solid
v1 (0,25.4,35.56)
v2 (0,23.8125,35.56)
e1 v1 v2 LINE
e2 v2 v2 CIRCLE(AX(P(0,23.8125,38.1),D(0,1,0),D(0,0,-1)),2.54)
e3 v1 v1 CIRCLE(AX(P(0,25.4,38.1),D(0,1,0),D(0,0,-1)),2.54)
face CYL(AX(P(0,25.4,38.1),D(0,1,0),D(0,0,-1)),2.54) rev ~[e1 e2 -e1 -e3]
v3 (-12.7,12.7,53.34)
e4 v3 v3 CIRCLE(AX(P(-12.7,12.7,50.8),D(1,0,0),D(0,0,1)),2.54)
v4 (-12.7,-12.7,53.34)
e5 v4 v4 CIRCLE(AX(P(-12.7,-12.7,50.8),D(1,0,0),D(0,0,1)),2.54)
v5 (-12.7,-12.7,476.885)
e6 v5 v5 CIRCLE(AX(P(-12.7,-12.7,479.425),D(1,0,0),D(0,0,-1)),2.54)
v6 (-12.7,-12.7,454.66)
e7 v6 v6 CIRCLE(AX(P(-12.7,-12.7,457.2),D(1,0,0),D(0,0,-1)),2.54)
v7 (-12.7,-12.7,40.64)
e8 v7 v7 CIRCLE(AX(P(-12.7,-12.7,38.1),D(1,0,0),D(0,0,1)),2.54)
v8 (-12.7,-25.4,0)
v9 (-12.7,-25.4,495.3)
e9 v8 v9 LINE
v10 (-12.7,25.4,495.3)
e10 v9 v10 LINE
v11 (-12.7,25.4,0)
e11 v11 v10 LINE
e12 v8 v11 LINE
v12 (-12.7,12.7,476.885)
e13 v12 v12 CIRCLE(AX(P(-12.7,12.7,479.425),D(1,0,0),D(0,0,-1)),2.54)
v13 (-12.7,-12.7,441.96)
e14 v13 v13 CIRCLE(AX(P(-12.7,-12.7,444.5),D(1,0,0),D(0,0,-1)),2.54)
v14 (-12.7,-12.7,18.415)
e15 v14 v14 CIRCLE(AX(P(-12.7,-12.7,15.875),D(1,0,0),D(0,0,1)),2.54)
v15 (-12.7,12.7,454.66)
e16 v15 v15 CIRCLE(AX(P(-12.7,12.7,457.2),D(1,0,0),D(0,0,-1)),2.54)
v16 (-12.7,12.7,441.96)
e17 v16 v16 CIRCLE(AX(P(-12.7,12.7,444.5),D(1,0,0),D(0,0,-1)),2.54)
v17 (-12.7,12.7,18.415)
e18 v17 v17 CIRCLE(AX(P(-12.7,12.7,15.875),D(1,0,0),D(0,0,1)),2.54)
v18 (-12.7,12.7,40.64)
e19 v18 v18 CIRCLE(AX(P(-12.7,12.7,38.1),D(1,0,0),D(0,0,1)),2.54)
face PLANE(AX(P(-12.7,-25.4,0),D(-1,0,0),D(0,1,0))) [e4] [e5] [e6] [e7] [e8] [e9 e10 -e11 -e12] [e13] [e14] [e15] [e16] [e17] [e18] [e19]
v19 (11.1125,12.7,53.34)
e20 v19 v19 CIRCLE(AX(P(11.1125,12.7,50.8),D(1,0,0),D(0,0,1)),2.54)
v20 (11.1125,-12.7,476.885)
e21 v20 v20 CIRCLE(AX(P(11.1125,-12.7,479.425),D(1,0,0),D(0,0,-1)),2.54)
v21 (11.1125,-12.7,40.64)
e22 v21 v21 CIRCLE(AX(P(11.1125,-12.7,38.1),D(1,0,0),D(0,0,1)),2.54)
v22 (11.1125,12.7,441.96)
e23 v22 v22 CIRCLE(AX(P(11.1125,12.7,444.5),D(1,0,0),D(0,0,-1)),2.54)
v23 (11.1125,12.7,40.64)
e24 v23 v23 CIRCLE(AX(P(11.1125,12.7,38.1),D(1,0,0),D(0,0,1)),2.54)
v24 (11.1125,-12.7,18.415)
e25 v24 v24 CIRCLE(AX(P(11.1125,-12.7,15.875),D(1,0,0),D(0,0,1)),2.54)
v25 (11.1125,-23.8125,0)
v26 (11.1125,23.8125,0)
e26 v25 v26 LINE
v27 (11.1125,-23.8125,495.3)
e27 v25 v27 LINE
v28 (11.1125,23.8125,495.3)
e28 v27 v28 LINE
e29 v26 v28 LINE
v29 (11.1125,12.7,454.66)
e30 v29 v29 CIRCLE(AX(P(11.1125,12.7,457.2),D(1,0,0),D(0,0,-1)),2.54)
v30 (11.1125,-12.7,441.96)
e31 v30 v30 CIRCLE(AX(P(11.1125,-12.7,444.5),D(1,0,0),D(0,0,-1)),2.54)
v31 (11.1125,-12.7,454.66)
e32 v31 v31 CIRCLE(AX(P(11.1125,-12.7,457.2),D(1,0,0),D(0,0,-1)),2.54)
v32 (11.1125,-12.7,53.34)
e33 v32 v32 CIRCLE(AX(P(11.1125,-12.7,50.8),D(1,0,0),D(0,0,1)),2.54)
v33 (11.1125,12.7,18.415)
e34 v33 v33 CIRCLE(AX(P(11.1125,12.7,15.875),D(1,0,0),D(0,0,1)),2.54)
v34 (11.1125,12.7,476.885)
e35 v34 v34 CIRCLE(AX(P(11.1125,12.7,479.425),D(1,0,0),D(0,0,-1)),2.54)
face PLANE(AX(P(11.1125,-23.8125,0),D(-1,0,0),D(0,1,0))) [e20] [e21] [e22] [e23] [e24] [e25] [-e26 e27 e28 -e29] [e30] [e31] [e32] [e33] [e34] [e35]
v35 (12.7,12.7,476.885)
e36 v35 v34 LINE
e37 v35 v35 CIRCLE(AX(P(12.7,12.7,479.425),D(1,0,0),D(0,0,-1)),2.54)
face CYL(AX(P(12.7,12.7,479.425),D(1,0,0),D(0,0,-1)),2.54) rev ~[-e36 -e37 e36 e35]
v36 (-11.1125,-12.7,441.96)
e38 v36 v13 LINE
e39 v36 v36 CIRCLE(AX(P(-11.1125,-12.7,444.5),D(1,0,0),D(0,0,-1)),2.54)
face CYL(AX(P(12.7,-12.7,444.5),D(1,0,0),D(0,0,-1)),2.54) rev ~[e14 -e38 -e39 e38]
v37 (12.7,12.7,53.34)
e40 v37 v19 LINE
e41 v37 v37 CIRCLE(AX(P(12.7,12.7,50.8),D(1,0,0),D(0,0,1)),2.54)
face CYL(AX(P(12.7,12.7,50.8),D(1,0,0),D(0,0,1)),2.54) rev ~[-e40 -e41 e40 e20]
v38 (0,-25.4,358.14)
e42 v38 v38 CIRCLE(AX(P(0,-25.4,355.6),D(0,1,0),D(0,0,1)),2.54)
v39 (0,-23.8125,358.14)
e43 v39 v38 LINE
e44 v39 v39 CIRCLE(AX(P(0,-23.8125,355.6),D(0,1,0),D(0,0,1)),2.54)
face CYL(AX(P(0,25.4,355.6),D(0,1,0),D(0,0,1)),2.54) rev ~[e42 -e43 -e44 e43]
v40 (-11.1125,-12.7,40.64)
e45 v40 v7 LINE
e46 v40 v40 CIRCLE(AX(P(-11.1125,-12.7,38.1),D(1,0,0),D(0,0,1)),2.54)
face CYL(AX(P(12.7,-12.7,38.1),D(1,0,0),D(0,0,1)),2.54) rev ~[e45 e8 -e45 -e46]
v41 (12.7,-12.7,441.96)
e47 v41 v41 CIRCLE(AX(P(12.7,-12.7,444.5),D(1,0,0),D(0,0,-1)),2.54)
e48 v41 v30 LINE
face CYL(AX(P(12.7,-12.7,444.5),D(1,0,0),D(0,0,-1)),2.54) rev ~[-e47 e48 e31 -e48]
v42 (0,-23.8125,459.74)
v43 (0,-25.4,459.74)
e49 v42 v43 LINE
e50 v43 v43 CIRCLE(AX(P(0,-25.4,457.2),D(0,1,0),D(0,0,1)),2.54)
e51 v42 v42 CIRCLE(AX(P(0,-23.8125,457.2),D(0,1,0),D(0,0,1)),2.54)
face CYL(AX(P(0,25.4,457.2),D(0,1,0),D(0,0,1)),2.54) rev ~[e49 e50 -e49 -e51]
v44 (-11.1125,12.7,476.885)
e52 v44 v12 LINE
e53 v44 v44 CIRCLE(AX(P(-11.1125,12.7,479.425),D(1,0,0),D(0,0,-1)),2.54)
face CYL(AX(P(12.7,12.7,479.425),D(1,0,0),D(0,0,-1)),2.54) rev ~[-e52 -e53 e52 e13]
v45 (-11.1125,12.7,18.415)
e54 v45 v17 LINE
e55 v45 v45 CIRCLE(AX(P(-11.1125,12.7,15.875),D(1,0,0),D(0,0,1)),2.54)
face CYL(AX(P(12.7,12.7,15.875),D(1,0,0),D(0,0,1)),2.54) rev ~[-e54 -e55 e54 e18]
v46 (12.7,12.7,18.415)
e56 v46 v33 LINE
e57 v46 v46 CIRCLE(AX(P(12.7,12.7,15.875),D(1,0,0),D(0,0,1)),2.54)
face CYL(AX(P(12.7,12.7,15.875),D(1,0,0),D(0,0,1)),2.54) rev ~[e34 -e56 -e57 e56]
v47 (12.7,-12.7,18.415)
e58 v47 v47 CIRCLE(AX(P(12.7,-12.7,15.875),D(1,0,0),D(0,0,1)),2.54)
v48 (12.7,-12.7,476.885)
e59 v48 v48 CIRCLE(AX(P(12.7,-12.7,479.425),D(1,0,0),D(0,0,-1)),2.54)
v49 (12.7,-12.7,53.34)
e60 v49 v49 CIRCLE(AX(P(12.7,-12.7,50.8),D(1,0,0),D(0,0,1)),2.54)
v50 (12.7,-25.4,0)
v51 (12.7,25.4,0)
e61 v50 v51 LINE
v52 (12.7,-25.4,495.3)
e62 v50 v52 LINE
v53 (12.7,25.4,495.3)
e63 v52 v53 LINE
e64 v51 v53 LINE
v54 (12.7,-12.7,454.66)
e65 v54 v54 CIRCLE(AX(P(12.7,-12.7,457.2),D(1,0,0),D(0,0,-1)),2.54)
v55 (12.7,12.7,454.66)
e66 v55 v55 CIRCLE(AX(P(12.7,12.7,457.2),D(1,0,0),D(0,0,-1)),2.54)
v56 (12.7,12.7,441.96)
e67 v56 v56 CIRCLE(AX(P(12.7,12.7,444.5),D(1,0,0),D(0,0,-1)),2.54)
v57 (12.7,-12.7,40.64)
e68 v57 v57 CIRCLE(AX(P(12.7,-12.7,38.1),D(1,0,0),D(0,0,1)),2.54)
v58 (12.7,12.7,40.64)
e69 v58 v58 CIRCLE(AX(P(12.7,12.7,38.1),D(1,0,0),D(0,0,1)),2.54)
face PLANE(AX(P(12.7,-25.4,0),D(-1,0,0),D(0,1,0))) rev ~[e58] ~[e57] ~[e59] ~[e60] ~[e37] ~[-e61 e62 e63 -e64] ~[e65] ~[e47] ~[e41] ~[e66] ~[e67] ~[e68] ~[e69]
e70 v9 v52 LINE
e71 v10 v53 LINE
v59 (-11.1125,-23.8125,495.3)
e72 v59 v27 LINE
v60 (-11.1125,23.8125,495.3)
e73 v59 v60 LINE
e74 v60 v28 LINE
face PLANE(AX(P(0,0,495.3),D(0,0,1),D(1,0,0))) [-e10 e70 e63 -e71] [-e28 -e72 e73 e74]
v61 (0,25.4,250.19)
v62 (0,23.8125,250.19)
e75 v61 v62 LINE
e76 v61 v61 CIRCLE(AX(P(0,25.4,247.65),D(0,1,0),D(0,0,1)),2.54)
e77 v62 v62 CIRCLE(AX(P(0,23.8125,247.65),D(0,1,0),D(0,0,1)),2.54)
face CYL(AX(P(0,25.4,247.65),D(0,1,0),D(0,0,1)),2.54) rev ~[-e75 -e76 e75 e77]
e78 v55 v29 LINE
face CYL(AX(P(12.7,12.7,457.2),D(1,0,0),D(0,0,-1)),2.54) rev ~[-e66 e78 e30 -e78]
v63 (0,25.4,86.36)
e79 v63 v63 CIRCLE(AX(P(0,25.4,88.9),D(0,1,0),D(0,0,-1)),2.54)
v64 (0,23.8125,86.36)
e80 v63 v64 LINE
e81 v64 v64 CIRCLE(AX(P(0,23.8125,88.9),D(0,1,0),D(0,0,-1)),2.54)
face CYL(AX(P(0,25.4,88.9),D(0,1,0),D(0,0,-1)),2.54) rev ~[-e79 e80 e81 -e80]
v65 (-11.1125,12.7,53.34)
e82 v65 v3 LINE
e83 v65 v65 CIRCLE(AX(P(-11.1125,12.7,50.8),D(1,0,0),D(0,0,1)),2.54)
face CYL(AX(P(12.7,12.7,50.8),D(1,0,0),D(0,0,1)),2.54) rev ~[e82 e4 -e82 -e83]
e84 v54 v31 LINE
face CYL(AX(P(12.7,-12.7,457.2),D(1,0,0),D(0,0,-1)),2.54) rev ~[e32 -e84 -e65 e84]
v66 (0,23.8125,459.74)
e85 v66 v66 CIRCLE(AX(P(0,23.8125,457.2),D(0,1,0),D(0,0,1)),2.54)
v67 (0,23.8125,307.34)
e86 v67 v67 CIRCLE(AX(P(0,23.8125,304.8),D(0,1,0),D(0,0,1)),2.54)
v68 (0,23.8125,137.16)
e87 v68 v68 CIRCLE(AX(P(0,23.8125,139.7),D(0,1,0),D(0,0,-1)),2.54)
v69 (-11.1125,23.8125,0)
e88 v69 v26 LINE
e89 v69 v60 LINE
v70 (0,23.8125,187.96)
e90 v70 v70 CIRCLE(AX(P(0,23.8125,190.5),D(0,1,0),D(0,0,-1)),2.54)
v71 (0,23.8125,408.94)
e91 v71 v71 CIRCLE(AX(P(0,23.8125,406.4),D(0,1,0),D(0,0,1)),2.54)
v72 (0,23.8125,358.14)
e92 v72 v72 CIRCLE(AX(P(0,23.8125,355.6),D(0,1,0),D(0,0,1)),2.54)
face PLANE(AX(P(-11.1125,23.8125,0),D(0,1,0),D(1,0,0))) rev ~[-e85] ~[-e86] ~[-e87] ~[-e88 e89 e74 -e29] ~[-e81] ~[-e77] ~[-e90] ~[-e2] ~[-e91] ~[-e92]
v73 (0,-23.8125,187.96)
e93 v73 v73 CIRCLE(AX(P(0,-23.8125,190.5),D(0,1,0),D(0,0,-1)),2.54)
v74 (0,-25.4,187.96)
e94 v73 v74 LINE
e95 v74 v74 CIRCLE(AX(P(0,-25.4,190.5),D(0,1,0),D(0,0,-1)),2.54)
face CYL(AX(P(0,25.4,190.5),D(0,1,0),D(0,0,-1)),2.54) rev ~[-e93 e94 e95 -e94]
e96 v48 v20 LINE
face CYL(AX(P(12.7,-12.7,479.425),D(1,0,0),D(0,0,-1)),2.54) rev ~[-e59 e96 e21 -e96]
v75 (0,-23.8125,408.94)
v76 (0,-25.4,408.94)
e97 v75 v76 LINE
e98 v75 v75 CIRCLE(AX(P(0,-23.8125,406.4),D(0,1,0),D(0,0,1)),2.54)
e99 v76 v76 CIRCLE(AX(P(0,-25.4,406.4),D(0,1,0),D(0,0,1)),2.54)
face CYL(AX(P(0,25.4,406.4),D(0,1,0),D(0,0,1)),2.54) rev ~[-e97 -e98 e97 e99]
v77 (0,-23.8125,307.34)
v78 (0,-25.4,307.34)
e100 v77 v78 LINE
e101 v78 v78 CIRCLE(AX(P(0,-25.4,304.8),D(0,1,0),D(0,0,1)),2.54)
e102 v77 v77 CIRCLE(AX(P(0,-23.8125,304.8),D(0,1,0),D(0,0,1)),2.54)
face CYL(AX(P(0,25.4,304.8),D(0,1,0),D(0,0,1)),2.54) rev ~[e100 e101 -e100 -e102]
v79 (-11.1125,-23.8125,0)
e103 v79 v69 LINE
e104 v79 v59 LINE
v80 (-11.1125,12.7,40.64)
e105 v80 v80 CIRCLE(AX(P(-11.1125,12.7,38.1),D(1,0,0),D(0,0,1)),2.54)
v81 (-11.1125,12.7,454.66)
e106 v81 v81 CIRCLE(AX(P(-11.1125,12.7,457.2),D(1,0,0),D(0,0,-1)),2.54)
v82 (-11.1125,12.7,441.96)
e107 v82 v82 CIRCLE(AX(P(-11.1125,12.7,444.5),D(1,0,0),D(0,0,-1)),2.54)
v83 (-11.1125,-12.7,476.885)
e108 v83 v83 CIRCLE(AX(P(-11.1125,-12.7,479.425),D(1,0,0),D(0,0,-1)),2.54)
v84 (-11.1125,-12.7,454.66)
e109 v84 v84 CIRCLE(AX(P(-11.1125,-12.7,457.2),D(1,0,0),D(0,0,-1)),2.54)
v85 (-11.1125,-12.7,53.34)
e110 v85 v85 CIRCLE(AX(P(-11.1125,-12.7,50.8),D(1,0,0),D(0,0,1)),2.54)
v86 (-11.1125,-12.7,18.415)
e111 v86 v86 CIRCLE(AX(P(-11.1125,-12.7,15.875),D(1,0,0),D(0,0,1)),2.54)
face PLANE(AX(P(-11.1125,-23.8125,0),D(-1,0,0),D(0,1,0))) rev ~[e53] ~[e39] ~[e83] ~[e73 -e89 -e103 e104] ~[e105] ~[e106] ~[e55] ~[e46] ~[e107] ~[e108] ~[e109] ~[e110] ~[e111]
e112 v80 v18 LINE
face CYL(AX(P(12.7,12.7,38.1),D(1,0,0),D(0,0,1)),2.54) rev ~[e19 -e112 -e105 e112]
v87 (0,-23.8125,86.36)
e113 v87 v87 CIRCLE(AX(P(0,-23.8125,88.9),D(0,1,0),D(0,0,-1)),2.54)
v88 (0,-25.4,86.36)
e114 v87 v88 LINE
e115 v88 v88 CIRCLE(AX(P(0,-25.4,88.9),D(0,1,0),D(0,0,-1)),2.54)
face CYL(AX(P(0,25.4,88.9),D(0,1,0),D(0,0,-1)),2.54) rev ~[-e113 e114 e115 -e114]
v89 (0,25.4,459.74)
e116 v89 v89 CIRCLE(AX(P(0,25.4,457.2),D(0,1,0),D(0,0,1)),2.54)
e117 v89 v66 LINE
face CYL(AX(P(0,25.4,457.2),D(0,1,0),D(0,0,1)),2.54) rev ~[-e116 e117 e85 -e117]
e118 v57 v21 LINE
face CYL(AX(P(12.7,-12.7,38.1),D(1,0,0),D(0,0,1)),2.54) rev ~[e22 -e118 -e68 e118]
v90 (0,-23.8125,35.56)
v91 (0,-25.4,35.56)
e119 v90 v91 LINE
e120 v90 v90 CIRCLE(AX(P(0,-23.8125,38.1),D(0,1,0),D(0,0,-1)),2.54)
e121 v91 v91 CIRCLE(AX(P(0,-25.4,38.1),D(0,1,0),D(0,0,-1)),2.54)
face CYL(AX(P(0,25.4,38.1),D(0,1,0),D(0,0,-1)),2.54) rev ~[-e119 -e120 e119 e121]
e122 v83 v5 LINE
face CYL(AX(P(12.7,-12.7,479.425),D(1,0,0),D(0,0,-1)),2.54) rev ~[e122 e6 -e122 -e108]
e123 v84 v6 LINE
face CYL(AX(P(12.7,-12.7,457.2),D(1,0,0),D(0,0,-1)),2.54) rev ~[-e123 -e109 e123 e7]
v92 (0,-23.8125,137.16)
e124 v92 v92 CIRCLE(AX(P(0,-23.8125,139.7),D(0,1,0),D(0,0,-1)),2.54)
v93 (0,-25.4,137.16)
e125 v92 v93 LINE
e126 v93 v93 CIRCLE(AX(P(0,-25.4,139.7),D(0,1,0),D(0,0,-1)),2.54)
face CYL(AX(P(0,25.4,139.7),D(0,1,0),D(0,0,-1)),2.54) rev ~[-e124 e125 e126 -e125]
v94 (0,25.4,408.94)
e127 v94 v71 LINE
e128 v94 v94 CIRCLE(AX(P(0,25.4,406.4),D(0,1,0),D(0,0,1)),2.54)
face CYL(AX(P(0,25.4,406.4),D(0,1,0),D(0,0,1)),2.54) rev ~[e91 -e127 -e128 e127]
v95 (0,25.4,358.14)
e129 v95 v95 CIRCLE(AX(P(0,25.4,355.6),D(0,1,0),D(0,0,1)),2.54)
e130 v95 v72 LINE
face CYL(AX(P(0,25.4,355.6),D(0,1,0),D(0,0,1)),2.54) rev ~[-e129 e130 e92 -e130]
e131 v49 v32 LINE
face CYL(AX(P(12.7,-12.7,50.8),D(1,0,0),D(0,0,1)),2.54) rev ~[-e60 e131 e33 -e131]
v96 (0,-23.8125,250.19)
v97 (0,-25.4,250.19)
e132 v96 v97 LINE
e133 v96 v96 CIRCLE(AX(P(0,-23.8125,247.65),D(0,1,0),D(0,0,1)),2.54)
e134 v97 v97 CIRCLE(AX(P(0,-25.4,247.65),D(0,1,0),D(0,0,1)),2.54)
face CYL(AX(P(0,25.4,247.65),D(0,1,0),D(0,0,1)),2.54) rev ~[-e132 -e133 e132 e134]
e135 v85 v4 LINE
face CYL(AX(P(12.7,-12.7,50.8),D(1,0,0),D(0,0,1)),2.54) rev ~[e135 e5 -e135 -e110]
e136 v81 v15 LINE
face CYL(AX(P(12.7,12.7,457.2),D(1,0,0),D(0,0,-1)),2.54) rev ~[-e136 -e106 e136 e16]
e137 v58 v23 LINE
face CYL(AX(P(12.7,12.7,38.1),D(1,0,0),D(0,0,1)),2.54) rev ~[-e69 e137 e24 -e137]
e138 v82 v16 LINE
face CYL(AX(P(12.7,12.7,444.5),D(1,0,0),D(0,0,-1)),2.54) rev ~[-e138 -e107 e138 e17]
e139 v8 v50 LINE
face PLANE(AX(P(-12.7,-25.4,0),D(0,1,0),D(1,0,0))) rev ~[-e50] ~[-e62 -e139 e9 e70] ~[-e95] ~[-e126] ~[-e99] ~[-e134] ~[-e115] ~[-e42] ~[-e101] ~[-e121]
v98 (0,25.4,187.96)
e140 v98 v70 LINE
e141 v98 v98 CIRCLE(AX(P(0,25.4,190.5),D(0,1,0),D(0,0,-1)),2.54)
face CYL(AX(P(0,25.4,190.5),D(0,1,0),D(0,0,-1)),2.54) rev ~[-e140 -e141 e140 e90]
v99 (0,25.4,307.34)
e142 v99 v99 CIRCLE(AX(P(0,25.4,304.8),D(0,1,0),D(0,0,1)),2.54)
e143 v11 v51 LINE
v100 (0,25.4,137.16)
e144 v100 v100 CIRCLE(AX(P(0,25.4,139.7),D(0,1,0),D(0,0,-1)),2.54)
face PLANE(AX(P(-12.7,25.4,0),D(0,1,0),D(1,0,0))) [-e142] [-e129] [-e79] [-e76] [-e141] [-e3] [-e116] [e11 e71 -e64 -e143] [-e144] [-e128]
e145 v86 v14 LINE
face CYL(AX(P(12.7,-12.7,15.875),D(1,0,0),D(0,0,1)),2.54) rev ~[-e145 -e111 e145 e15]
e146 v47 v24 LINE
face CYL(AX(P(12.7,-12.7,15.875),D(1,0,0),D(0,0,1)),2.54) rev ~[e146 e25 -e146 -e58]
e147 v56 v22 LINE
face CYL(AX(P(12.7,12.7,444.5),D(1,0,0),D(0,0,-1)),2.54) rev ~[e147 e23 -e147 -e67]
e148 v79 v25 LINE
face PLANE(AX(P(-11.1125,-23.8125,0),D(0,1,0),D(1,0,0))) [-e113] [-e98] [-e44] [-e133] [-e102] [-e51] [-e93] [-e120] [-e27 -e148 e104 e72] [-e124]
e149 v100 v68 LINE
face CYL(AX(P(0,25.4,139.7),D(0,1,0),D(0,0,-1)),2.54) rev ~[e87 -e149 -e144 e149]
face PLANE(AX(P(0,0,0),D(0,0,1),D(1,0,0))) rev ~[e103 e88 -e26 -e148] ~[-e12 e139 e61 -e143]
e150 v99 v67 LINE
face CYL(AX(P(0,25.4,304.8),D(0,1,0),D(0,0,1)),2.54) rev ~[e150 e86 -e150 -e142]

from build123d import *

# Parameters (mm, degrees)
SKETCH1_W           = 25.4
SKETCH1_H           = 50.8
SKETCH1_W_2         = 22.225
SKETCH1_H_2         = 47.625
BOSS_EXTRUDE1_DEPTH = 495.3
SKETCH2_R           = 2.54
CUT_EXTRUDE1_DEPTH  = 497.600855819
SKETCH3_R           = 2.54
CUT_EXTRUDE2_DEPTH  = 499.060257399


with BuildPart() as part:
    # Sketch1 → Boss-Extrude1 (new body)
    with BuildSketch(Plane.XY):
        Rectangle(SKETCH1_W, SKETCH1_H)
        Rectangle(SKETCH1_W_2, SKETCH1_H_2, mode=Mode.SUBTRACT)
    extrude(amount=BOSS_EXTRUDE1_DEPTH)

    # Sketch2 → Cut-Extrude1 (cut, through all)
    with BuildSketch(Plane(origin=(12.7, 0, 0), x_dir=(0, 0, -1), z_dir=(1, 0, 0))):
        with Locations((-479.425, -12.7)):
            Circle(SKETCH2_R)
        with Locations((-457.2, -12.7)):
            Circle(SKETCH2_R)
        with Locations((-479.425, 12.7)):
            Circle(SKETCH2_R)
        with Locations((-457.2, 12.7)):
            Circle(SKETCH2_R)
        with Locations(Location((-38.1, 12.7, 0), (0, 0, 180))):
            Circle(SKETCH2_R)
        with Locations(Location((-15.875, 12.7, 0), (0, 0, 180))):
            Circle(SKETCH2_R)
        with Locations(Location((-38.1, -12.7, 0), (0, 0, 180))):
            Circle(SKETCH2_R)
        with Locations(Location((-15.875, -12.7, 0), (0, 0, 180))):
            Circle(SKETCH2_R)
        with Locations((-444.5, 12.7)):
            Circle(SKETCH2_R)
        with Locations((-444.5, -12.7)):
            Circle(SKETCH2_R)
        with Locations(Location((-50.8, -12.7, 0), (0, 0, 180))):
            Circle(SKETCH2_R)
        with Locations(Location((-50.8, 12.7, 0), (0, 0, 180))):
            Circle(SKETCH2_R)
    extrude(amount=-CUT_EXTRUDE1_DEPTH, mode=Mode.SUBTRACT)

    # Sketch3 → Cut-Extrude2 (cut, through all)
    with BuildSketch(Plane(origin=(0, 25.4, 0), x_dir=(1, 0, 0), z_dir=(0, 1, 0))):
        with Locations(Location((0, -457.2, 0), (0, 0, 270))):
            Circle(SKETCH3_R)
        with Locations(Location((0, -406.4, 0), (0, 0, 270))):
            Circle(SKETCH3_R)
        with Locations(Location((0, -355.6, 0), (0, 0, 270))):
            Circle(SKETCH3_R)
        with Locations(Location((0, -304.8, 0), (0, 0, 270))):
            Circle(SKETCH3_R)
        with Locations(Location((0, -190.5, 0), (0, 0, 90))):
            Circle(SKETCH3_R)
        with Locations(Location((0, -139.7, 0), (0, 0, 90))):
            Circle(SKETCH3_R)
        with Locations(Location((0, -88.9, 0), (0, 0, 90))):
            Circle(SKETCH3_R)
        with Locations(Location((0, -38.1, 0), (0, 0, 90))):
            Circle(SKETCH3_R)
        with Locations(Location((0, -247.65, 0), (0, 0, 270))):
            Circle(SKETCH3_R)
    extrude(amount=-CUT_EXTRUDE2_DEPTH, mode=Mode.SUBTRACT)


solid = part.part
